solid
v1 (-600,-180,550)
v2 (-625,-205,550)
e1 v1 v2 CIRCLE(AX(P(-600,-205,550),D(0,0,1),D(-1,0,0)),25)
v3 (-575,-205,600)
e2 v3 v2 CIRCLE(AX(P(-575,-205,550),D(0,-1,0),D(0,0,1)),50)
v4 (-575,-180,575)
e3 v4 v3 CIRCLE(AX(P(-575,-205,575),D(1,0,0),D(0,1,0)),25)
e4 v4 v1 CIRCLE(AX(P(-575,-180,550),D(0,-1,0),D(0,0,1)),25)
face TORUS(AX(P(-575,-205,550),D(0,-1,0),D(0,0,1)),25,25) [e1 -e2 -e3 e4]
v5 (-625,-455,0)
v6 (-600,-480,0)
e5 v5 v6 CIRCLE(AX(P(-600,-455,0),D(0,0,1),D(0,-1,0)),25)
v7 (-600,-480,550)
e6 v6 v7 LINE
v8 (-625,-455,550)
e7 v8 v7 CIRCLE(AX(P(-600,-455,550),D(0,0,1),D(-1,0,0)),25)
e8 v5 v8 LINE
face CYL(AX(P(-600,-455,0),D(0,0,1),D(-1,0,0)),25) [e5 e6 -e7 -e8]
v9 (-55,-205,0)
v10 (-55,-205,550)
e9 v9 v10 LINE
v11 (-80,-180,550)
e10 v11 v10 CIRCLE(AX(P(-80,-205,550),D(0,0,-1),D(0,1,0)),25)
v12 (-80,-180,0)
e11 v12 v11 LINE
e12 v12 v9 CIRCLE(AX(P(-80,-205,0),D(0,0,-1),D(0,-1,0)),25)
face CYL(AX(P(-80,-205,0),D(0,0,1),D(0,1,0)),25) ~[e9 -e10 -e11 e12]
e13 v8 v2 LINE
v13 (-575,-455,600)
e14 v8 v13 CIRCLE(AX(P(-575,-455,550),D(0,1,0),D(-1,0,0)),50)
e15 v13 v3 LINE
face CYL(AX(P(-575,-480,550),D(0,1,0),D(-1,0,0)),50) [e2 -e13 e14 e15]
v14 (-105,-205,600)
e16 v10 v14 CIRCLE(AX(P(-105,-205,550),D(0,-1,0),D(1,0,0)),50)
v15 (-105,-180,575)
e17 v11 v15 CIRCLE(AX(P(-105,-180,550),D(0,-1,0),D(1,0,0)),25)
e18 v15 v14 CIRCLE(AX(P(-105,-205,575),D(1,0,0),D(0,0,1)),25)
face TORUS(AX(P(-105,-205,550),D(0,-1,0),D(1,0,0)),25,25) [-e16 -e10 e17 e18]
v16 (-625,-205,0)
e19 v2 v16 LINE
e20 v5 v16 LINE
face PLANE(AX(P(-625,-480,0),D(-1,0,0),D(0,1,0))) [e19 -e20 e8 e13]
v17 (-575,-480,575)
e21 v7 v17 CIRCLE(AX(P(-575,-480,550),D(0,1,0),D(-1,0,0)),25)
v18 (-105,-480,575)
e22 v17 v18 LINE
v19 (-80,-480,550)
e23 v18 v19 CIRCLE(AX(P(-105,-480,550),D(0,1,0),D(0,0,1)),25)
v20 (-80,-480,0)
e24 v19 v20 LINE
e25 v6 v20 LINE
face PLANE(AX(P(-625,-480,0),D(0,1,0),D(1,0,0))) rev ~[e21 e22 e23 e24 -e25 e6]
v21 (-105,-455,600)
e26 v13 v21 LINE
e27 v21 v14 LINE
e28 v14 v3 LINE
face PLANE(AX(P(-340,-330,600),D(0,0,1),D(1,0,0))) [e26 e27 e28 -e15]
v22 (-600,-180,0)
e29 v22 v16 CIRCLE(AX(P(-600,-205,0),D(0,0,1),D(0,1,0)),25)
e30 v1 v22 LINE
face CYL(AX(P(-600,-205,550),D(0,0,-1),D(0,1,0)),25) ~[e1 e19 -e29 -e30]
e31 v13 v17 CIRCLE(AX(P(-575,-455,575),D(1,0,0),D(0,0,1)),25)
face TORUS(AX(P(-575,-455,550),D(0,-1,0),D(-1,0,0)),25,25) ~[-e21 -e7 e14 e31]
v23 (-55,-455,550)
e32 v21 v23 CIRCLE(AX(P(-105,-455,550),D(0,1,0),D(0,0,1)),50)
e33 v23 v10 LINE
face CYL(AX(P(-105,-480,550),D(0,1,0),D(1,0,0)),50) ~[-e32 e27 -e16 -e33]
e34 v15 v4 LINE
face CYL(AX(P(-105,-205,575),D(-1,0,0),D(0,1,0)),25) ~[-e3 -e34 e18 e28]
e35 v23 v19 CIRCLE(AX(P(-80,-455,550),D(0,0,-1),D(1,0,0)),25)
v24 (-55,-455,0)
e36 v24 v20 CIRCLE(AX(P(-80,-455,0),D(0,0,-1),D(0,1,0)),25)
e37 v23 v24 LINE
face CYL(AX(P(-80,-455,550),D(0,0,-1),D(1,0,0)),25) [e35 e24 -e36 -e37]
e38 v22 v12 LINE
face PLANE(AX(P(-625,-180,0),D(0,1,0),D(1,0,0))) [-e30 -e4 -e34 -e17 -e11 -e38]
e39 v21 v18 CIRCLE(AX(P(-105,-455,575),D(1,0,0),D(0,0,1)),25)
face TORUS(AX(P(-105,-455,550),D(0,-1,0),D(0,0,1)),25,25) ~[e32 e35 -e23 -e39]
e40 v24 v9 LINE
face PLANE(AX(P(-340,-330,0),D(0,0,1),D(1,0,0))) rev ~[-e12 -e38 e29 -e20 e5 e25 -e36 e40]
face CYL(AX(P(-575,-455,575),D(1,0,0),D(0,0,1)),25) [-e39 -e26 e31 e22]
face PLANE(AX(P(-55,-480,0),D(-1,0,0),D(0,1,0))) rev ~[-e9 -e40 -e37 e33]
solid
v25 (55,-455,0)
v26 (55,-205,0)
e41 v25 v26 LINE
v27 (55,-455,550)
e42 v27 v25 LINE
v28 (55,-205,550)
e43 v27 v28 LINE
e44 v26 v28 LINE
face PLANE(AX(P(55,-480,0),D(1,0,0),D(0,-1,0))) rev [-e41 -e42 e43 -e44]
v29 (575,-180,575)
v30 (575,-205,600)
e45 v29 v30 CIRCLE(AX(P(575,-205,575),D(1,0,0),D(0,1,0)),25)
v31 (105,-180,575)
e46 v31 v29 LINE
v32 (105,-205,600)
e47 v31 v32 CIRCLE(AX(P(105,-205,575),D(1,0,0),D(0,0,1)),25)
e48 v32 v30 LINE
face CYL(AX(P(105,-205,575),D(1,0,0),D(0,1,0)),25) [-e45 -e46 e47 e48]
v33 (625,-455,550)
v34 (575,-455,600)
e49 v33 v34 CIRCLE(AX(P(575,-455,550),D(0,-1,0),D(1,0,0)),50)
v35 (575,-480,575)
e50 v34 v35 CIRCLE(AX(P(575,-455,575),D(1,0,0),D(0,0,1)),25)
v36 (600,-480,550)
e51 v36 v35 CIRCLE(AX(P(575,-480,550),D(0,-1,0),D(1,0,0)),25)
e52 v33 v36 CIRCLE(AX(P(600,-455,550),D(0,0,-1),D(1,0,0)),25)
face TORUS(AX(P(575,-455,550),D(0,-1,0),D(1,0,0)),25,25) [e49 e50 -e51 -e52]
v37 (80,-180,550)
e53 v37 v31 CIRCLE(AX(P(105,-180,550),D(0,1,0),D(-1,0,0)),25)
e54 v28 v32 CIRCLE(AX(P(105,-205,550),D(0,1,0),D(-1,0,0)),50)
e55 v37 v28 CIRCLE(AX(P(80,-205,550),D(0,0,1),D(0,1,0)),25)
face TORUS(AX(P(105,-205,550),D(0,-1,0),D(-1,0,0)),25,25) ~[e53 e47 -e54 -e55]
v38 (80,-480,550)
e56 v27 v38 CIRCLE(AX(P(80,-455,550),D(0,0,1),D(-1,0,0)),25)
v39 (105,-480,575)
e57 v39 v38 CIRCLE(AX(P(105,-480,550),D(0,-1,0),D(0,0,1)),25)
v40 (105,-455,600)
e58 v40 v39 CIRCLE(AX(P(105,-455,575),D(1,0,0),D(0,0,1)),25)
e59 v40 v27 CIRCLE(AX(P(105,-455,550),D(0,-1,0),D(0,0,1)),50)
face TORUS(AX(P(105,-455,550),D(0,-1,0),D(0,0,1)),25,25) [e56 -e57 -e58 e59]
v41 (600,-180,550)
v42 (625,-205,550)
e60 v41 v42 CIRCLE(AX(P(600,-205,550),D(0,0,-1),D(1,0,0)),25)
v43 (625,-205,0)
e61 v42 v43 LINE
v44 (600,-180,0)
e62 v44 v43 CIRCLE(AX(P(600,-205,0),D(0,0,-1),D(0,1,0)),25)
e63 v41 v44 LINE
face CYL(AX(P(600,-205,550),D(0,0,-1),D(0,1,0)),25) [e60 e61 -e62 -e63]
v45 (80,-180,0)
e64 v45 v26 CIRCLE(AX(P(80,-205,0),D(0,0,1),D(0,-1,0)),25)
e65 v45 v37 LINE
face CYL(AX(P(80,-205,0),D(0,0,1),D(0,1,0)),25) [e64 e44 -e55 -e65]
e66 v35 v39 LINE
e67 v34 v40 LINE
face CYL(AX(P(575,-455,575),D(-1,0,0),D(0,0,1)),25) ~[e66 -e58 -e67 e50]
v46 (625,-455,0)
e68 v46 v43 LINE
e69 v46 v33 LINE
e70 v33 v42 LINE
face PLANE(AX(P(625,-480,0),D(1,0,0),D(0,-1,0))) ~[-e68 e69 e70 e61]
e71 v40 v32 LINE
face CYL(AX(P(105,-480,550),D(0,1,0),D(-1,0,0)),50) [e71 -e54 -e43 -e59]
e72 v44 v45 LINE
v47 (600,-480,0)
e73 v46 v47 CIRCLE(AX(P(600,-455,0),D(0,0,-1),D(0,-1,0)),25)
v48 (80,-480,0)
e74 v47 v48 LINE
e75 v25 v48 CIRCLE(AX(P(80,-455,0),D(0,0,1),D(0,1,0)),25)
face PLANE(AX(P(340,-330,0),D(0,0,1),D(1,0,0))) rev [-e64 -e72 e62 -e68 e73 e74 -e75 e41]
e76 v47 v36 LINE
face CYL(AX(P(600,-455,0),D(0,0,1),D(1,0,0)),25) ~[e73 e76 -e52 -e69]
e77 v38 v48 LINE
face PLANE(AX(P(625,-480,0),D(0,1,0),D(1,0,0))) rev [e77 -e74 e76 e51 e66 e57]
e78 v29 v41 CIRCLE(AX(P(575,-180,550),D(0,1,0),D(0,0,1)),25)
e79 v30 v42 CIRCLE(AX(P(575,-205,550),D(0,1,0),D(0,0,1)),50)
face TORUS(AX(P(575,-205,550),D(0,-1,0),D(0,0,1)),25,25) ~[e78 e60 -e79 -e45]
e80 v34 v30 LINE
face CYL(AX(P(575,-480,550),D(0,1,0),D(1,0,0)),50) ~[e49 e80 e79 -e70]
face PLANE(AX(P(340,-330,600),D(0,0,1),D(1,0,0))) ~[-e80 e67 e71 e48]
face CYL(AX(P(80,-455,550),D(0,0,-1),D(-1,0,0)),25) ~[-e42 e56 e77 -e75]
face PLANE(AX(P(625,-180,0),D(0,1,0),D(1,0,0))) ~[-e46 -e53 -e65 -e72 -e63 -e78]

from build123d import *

# Parameters (mm, degrees)
F0_W     = 570
F0_H     = 300
F1_DEPTH = 600
F2_R     = 50
F3_R     = 25


with BuildPart() as f1:
    # F0 (on Top) → F1 (new body)
    with BuildSketch(Plane.XY):
        with Locations((-340, -330)):
            Rectangle(F0_W, F0_H)
    extrude(amount=F1_DEPTH)

    # F2
    f2_edges = [f1.edges().sort_by_distance(p)[0] for p in [
        (-625, -330, 600),
        (-55, -330, 600),
    ]]
    fillet(f2_edges, radius=F2_R)

    # F3
    f3_edges = [f1.edges().sort_by_distance(p)[0] for p in [
        (-625, -480, 275),
        (-340, -480, 600),
        (-55, -480, 275),
        (-55, -180, 275),
    ]]
    fillet(f3_edges, radius=F3_R)


with BuildPart() as f4_1:
    # F4: instance of F1
    add(f1.part.mirror(Plane.YZ))


solid = Compound([f1.part, f4_1.part])
